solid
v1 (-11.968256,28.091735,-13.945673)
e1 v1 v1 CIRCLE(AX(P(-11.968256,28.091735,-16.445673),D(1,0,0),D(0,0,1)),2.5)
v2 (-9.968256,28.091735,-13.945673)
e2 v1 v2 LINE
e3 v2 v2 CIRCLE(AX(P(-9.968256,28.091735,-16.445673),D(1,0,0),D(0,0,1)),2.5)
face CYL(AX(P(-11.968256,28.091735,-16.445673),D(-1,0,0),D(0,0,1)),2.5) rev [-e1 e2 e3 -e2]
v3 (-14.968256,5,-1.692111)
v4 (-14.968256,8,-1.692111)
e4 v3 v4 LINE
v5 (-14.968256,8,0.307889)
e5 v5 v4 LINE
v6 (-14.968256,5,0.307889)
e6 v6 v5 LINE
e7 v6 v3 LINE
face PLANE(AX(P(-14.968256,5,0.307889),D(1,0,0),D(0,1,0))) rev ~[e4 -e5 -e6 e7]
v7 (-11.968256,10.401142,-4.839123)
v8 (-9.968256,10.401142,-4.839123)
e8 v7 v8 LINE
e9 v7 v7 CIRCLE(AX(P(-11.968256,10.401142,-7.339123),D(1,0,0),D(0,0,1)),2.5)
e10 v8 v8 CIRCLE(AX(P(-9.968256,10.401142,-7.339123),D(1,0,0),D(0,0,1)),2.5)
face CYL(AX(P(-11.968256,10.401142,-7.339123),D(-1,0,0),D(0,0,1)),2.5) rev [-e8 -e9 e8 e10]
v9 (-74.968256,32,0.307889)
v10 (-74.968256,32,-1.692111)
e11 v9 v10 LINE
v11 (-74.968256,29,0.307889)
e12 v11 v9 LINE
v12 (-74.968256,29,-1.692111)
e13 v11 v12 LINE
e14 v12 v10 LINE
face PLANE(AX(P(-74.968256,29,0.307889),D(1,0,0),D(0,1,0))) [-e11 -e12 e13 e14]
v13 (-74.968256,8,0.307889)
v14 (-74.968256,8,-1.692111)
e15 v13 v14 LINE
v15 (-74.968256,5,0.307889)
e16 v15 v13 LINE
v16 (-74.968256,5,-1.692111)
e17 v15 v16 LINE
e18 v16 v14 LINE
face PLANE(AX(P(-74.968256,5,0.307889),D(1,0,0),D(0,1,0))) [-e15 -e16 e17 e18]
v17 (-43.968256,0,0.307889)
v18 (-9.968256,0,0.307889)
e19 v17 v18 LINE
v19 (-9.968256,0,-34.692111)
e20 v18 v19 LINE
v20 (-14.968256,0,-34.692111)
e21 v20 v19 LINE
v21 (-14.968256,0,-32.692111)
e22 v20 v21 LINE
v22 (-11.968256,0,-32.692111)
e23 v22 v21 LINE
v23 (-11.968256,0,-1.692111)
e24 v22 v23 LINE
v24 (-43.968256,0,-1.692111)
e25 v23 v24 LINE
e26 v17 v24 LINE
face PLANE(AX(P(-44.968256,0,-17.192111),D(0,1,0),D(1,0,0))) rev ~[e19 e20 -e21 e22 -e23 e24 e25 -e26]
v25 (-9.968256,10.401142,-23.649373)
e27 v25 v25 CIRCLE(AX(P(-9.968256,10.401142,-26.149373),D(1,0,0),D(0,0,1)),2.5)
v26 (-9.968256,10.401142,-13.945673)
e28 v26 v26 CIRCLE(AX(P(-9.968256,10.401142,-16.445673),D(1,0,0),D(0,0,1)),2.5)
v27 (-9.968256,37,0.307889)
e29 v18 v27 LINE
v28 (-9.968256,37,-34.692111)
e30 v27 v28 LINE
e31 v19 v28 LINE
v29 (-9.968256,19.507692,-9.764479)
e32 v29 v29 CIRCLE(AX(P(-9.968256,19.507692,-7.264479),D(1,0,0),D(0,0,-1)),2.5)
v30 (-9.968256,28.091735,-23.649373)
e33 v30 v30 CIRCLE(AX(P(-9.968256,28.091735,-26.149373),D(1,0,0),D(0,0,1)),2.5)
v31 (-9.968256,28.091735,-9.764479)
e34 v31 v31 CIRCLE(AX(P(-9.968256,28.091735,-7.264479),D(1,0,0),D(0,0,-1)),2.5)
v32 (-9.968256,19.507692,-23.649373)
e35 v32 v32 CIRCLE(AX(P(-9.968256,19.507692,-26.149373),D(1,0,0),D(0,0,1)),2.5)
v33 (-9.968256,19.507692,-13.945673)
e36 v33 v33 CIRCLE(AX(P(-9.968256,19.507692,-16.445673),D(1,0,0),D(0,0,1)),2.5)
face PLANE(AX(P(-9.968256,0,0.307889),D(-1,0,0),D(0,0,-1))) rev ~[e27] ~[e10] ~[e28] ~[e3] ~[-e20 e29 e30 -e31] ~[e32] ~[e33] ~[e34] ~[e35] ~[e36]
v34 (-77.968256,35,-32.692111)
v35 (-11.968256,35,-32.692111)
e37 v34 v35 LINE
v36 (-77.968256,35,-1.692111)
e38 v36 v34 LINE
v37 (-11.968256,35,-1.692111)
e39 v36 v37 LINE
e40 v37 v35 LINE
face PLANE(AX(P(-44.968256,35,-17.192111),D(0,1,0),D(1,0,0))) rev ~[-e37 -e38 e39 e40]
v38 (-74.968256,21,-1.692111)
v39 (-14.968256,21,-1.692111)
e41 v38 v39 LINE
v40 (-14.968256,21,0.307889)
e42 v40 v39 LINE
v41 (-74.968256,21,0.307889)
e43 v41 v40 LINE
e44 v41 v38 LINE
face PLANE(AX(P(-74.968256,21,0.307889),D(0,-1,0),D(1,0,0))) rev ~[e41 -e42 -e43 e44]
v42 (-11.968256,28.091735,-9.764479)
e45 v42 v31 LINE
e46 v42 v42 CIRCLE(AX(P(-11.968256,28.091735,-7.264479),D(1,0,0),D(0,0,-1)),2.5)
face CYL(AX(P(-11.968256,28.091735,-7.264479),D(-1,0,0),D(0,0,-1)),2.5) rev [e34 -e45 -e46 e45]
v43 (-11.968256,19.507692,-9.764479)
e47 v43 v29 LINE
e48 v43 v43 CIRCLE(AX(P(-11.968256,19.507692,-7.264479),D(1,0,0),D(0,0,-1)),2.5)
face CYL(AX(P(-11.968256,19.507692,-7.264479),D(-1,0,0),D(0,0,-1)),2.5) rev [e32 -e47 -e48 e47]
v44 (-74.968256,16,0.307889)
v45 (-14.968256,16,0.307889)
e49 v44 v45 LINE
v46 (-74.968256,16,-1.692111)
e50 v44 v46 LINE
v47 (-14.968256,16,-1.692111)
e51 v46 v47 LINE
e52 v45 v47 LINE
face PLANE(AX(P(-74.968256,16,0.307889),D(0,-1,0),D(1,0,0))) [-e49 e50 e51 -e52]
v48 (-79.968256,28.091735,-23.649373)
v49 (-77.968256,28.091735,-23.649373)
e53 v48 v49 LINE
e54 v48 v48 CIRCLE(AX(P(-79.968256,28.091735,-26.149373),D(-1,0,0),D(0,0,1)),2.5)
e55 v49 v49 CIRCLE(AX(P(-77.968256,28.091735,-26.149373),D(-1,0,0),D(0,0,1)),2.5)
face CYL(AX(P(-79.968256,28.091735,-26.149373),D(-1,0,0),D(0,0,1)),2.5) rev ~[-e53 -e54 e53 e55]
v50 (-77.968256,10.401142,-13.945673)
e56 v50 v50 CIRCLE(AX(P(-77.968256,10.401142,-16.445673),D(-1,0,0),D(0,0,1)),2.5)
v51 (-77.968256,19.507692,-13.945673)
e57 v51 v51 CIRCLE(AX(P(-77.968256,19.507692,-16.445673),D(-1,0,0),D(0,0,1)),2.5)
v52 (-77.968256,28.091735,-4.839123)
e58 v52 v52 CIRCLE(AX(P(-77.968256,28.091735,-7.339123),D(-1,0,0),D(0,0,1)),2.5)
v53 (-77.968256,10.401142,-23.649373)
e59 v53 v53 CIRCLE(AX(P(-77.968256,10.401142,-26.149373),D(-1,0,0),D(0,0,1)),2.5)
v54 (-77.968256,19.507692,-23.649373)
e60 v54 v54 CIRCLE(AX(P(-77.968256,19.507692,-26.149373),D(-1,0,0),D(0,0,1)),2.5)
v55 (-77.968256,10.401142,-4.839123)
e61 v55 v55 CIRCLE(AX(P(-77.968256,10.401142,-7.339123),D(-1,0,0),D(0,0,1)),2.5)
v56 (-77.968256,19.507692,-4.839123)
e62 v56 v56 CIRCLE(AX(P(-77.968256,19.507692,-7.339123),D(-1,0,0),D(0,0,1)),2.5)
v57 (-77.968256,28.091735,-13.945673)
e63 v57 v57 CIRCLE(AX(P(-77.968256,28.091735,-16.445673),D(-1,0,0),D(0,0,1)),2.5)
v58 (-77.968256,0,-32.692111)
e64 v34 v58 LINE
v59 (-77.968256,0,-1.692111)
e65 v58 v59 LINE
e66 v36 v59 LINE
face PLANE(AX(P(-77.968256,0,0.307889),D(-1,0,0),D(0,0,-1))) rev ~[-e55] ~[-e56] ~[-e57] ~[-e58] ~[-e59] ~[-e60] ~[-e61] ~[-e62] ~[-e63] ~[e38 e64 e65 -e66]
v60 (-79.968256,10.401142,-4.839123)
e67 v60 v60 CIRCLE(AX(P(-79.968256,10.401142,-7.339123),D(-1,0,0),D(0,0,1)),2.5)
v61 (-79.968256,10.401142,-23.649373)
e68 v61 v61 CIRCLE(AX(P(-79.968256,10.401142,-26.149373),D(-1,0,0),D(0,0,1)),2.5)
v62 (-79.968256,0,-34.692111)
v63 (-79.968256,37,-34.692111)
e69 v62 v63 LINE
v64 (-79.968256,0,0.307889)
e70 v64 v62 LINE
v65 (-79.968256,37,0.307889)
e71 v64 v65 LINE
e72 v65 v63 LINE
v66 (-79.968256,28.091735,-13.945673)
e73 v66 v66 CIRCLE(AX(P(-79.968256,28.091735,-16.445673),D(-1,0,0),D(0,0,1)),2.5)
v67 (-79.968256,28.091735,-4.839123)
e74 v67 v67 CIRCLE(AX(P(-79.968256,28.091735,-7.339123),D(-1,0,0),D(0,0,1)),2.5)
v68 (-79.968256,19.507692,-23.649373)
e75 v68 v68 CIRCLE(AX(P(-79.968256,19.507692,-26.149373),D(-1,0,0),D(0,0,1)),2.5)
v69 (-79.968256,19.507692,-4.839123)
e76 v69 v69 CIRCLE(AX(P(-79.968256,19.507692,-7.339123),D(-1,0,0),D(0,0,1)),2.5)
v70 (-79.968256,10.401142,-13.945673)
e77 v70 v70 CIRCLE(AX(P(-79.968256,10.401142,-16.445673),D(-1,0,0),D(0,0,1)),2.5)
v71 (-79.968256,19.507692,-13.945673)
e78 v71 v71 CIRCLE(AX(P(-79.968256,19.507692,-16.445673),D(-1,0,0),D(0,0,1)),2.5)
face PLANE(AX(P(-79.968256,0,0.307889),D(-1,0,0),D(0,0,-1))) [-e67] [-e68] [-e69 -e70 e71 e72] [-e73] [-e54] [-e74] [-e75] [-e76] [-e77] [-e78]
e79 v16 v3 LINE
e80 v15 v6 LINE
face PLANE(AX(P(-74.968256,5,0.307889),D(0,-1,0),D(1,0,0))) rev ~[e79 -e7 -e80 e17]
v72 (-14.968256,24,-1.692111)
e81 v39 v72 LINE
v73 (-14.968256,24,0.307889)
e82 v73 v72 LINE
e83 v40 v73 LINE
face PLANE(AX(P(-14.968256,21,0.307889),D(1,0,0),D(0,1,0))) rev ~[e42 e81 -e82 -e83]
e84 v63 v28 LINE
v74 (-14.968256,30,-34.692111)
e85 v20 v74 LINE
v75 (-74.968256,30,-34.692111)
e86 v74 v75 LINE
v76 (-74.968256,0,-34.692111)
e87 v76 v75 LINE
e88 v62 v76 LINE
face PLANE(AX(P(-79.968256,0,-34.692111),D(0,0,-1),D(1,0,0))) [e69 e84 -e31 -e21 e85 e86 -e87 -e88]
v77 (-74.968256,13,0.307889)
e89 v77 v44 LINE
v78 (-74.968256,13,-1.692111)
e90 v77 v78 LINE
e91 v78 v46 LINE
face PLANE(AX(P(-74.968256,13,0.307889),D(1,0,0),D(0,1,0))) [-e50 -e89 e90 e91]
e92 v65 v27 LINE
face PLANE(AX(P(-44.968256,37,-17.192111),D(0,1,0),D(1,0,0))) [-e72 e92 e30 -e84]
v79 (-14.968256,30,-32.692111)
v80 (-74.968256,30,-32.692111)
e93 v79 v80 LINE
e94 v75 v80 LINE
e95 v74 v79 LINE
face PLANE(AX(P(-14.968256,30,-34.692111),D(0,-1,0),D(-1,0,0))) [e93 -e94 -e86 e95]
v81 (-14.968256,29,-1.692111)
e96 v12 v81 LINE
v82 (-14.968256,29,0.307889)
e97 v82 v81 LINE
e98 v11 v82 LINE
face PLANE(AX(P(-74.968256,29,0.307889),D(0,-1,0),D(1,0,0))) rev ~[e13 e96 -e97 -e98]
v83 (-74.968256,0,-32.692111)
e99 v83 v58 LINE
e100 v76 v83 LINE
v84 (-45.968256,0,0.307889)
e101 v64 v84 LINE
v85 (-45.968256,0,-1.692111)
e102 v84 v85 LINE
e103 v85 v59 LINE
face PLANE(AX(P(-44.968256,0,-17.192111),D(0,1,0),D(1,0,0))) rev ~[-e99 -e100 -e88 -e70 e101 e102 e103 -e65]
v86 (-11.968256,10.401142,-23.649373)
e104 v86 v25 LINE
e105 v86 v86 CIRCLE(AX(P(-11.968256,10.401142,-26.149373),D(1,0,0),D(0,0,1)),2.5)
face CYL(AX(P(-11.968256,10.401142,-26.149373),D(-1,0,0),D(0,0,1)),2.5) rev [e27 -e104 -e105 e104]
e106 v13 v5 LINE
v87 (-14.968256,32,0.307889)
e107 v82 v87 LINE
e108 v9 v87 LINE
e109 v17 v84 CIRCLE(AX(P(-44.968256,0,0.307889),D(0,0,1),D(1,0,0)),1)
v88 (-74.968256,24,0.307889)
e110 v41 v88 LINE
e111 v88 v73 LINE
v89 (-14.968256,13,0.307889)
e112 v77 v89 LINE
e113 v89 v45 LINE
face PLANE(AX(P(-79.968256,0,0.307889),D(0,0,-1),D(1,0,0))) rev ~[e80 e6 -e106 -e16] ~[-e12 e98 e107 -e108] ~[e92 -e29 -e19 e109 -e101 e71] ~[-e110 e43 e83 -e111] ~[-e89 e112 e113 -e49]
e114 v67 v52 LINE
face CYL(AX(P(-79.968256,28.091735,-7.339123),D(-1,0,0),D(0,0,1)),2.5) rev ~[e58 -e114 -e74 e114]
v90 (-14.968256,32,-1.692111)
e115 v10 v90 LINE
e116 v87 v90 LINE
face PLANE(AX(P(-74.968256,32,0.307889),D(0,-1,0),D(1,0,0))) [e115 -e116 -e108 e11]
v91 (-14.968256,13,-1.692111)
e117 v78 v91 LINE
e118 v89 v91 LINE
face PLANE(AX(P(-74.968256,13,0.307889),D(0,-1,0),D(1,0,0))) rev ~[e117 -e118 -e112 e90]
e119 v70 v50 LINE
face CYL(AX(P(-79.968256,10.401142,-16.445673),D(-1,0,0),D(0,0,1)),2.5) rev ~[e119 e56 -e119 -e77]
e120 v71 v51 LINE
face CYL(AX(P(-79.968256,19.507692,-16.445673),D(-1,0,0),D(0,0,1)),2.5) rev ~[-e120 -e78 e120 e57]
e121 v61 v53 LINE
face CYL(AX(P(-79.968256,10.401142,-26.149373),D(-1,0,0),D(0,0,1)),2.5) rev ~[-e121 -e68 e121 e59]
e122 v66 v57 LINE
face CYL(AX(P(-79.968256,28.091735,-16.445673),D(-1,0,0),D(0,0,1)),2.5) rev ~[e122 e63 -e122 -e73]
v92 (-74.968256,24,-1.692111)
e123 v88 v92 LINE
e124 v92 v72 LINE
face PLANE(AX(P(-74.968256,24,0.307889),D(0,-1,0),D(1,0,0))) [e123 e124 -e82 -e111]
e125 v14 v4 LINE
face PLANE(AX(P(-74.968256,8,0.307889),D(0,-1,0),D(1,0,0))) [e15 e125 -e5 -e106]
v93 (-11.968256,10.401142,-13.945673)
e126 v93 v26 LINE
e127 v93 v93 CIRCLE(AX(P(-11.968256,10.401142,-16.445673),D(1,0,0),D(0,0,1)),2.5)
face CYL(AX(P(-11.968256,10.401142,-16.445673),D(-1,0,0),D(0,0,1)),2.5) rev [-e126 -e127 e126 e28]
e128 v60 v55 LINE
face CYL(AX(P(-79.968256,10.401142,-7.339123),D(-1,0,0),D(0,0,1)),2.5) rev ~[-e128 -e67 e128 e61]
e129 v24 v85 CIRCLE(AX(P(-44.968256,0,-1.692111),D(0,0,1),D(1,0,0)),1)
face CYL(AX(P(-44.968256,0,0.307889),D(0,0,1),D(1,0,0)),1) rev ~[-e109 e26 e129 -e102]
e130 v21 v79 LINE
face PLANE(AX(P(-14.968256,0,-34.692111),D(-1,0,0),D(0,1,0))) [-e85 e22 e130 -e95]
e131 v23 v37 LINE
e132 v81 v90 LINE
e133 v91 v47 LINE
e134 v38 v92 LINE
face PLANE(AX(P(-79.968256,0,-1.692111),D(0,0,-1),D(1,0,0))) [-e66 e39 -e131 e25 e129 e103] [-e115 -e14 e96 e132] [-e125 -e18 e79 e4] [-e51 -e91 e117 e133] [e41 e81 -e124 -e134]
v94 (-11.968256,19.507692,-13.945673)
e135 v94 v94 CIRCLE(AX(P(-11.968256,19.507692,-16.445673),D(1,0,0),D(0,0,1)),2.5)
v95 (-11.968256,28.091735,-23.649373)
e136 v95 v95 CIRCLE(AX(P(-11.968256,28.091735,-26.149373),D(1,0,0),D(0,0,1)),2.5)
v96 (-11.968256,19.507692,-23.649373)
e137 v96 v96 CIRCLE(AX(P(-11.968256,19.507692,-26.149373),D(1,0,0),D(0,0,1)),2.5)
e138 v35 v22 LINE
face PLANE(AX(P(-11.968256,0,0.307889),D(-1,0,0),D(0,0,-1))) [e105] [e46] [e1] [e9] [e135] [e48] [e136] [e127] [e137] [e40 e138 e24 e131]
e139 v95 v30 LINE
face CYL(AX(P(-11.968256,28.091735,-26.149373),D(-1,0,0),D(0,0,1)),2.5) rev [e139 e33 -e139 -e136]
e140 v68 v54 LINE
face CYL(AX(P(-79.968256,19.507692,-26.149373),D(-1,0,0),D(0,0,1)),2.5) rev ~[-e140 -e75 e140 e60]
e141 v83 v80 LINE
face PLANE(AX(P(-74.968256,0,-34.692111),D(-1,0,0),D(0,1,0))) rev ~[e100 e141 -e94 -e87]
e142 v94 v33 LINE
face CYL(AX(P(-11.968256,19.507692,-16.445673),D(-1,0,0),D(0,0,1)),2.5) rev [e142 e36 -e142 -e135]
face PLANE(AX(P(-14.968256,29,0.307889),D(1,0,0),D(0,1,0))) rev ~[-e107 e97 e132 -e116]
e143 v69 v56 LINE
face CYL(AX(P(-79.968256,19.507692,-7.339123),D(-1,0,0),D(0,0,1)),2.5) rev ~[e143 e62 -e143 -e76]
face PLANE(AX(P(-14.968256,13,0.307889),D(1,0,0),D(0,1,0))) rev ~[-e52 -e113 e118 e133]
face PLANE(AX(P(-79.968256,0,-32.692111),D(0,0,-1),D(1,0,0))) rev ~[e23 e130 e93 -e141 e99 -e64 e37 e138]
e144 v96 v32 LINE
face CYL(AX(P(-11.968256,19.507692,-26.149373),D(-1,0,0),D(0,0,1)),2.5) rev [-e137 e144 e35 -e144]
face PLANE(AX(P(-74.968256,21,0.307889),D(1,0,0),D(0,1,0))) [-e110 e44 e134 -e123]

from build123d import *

# Parameters (mm, degrees)
SKETCH1_W           = 70
SKETCH1_H           = 35
BOSS_EXTRUDE1_DEPTH = 37
SHELL1_T            = -2
CUT_EXTRUDE1_DEPTH  = 2
SKETCH3_W           = 60
SKETCH3_H           = 30
CUT_EXTRUDE3_DEPTH  = 2
SKETCH4_W           = 60
SKETCH4_H           = 3
CUT_EXTRUDE4_DEPTH  = 2
SKETCH5_R           = 2.5
CUT_EXTRUDE5_DEPTH  = 2
CUT_EXTRUDE6_START  = -2
SKETCH6_R           = 2.5
CUT_EXTRUDE6_DEPTH  = 2


with BuildPart() as part:
    # Sketch1 → Boss-Extrude1 (new body)
    with BuildSketch(Plane(origin=(0, 0, 0), x_dir=(1, 0, 0), z_dir=(0, 1, 0))):
        with Locations((-44.968255968, 17.192111045)):
            Rectangle(SKETCH1_W, SKETCH1_H)
    extrude(amount=BOSS_EXTRUDE1_DEPTH)

    # Shell1
    shell1_openings = [part.faces().sort_by_distance(p)[0] for p in [
        (-44.968255968, 0, -17.192111045),
    ]]
    offset(amount=SHELL1_T, openings=shell1_openings, kind=Kind.INTERSECTION)

    # Sketch2 → Cut-Extrude1 (cut)
    with BuildSketch(Plane.XY.offset(0.307888955)):
        with BuildLine():
            Line((-45.968255968, 0), (-44.968255968, 0))
            Line((-44.968255968, 0), (-43.968255968, 0))
            ThreePointArc((-43.968255968, 0), (-44.968255968, 1), (-45.968255968, 0))
        make_face()
    extrude(amount=-CUT_EXTRUDE1_DEPTH, mode=Mode.SUBTRACT)

    # Sketch3 → Cut-Extrude3 (cut)
    with BuildSketch(Plane(origin=(0, 0, -34.692111045), x_dir=(-1, 0, 0), z_dir=(0, 0, -1))):
        with Locations((44.968255968, 15)):
            Rectangle(SKETCH3_W, SKETCH3_H)
    extrude(amount=-CUT_EXTRUDE3_DEPTH, mode=Mode.SUBTRACT)

    # Sketch4 → Cut-Extrude4 (cut)
    with BuildSketch(Plane.XY.offset(0.307888955)):
        with Locations((-44.968255968, 14.5)):
            Rectangle(SKETCH4_W, SKETCH4_H)
        with Locations((-44.968255968, 22.5)):
            Rectangle(SKETCH4_W, SKETCH4_H)
        with Locations((-44.968255968, 30.5)):
            Rectangle(SKETCH4_W, SKETCH4_H)
        with Locations((-44.968255968, 6.5)):
            Rectangle(SKETCH4_W, SKETCH4_H)
    extrude(amount=-CUT_EXTRUDE4_DEPTH, mode=Mode.SUBTRACT)

    # Sketch5 → Cut-Extrude5 (cut)
    with BuildSketch(Plane.ZY.offset(79.968255968)):
        with Locations((-26.149373003, 28.09173468)):
            Circle(SKETCH5_R)
        with Locations((-26.149373003, 19.50769197)):
            Circle(SKETCH5_R)
        with Locations((-26.149373003, 10.401142313)):
            Circle(SKETCH5_R)
        with Locations((-16.445672549, 10.401142313)):
            Circle(SKETCH5_R)
        with Locations((-16.445672549, 19.50769197)):
            Circle(SKETCH5_R)
        with Locations((-16.445672549, 28.09173468)):
            Circle(SKETCH5_R)
        with Locations((-7.339122891, 28.09173468)):
            Circle(SKETCH5_R)
        with Locations((-7.339122891, 19.50769197)):
            Circle(SKETCH5_R)
        with Locations((-7.339122891, 10.401142313)):
            Circle(SKETCH5_R)
    extrude(amount=-CUT_EXTRUDE5_DEPTH, mode=Mode.SUBTRACT)

    # Sketch6 → Cut-Extrude6 (cut)
    with BuildSketch(Plane(origin=(-9.968255968, 0, 0), x_dir=(0, 0, -1), z_dir=(1, 0, 0)).offset(CUT_EXTRUDE6_START)):
        with Locations((7.264479042, 28.09173468)):
            Circle(SKETCH6_R)
        with Locations((7.264479042, 19.50769197)):
            Circle(SKETCH6_R)
        with Locations(Location((7.339122891, 10.401142313, 0), (0, 0, 180))):
            Circle(SKETCH6_R)
        with Locations(Location((16.445672549, 10.401142313, 0), (0, 0, 180))):
            Circle(SKETCH6_R)
        with Locations(Location((16.445672549, 19.50769197, 0), (0, 0, 180))):
            Circle(SKETCH6_R)
        with Locations(Location((26.149373003, 19.50769197, 0), (0, 0, 180))):
            Circle(SKETCH6_R)
        with Locations(Location((16.445672549, 28.09173468, 0), (0, 0, 180))):
            Circle(SKETCH6_R)
        with Locations(Location((26.149373003, 28.09173468, 0), (0, 0, 180))):
            Circle(SKETCH6_R)
        with Locations(Location((26.149373003, 10.401142313, 0), (0, 0, 180))):
            Circle(SKETCH6_R)
    extrude(amount=CUT_EXTRUDE6_DEPTH, mode=Mode.SUBTRACT)


solid = part.part
